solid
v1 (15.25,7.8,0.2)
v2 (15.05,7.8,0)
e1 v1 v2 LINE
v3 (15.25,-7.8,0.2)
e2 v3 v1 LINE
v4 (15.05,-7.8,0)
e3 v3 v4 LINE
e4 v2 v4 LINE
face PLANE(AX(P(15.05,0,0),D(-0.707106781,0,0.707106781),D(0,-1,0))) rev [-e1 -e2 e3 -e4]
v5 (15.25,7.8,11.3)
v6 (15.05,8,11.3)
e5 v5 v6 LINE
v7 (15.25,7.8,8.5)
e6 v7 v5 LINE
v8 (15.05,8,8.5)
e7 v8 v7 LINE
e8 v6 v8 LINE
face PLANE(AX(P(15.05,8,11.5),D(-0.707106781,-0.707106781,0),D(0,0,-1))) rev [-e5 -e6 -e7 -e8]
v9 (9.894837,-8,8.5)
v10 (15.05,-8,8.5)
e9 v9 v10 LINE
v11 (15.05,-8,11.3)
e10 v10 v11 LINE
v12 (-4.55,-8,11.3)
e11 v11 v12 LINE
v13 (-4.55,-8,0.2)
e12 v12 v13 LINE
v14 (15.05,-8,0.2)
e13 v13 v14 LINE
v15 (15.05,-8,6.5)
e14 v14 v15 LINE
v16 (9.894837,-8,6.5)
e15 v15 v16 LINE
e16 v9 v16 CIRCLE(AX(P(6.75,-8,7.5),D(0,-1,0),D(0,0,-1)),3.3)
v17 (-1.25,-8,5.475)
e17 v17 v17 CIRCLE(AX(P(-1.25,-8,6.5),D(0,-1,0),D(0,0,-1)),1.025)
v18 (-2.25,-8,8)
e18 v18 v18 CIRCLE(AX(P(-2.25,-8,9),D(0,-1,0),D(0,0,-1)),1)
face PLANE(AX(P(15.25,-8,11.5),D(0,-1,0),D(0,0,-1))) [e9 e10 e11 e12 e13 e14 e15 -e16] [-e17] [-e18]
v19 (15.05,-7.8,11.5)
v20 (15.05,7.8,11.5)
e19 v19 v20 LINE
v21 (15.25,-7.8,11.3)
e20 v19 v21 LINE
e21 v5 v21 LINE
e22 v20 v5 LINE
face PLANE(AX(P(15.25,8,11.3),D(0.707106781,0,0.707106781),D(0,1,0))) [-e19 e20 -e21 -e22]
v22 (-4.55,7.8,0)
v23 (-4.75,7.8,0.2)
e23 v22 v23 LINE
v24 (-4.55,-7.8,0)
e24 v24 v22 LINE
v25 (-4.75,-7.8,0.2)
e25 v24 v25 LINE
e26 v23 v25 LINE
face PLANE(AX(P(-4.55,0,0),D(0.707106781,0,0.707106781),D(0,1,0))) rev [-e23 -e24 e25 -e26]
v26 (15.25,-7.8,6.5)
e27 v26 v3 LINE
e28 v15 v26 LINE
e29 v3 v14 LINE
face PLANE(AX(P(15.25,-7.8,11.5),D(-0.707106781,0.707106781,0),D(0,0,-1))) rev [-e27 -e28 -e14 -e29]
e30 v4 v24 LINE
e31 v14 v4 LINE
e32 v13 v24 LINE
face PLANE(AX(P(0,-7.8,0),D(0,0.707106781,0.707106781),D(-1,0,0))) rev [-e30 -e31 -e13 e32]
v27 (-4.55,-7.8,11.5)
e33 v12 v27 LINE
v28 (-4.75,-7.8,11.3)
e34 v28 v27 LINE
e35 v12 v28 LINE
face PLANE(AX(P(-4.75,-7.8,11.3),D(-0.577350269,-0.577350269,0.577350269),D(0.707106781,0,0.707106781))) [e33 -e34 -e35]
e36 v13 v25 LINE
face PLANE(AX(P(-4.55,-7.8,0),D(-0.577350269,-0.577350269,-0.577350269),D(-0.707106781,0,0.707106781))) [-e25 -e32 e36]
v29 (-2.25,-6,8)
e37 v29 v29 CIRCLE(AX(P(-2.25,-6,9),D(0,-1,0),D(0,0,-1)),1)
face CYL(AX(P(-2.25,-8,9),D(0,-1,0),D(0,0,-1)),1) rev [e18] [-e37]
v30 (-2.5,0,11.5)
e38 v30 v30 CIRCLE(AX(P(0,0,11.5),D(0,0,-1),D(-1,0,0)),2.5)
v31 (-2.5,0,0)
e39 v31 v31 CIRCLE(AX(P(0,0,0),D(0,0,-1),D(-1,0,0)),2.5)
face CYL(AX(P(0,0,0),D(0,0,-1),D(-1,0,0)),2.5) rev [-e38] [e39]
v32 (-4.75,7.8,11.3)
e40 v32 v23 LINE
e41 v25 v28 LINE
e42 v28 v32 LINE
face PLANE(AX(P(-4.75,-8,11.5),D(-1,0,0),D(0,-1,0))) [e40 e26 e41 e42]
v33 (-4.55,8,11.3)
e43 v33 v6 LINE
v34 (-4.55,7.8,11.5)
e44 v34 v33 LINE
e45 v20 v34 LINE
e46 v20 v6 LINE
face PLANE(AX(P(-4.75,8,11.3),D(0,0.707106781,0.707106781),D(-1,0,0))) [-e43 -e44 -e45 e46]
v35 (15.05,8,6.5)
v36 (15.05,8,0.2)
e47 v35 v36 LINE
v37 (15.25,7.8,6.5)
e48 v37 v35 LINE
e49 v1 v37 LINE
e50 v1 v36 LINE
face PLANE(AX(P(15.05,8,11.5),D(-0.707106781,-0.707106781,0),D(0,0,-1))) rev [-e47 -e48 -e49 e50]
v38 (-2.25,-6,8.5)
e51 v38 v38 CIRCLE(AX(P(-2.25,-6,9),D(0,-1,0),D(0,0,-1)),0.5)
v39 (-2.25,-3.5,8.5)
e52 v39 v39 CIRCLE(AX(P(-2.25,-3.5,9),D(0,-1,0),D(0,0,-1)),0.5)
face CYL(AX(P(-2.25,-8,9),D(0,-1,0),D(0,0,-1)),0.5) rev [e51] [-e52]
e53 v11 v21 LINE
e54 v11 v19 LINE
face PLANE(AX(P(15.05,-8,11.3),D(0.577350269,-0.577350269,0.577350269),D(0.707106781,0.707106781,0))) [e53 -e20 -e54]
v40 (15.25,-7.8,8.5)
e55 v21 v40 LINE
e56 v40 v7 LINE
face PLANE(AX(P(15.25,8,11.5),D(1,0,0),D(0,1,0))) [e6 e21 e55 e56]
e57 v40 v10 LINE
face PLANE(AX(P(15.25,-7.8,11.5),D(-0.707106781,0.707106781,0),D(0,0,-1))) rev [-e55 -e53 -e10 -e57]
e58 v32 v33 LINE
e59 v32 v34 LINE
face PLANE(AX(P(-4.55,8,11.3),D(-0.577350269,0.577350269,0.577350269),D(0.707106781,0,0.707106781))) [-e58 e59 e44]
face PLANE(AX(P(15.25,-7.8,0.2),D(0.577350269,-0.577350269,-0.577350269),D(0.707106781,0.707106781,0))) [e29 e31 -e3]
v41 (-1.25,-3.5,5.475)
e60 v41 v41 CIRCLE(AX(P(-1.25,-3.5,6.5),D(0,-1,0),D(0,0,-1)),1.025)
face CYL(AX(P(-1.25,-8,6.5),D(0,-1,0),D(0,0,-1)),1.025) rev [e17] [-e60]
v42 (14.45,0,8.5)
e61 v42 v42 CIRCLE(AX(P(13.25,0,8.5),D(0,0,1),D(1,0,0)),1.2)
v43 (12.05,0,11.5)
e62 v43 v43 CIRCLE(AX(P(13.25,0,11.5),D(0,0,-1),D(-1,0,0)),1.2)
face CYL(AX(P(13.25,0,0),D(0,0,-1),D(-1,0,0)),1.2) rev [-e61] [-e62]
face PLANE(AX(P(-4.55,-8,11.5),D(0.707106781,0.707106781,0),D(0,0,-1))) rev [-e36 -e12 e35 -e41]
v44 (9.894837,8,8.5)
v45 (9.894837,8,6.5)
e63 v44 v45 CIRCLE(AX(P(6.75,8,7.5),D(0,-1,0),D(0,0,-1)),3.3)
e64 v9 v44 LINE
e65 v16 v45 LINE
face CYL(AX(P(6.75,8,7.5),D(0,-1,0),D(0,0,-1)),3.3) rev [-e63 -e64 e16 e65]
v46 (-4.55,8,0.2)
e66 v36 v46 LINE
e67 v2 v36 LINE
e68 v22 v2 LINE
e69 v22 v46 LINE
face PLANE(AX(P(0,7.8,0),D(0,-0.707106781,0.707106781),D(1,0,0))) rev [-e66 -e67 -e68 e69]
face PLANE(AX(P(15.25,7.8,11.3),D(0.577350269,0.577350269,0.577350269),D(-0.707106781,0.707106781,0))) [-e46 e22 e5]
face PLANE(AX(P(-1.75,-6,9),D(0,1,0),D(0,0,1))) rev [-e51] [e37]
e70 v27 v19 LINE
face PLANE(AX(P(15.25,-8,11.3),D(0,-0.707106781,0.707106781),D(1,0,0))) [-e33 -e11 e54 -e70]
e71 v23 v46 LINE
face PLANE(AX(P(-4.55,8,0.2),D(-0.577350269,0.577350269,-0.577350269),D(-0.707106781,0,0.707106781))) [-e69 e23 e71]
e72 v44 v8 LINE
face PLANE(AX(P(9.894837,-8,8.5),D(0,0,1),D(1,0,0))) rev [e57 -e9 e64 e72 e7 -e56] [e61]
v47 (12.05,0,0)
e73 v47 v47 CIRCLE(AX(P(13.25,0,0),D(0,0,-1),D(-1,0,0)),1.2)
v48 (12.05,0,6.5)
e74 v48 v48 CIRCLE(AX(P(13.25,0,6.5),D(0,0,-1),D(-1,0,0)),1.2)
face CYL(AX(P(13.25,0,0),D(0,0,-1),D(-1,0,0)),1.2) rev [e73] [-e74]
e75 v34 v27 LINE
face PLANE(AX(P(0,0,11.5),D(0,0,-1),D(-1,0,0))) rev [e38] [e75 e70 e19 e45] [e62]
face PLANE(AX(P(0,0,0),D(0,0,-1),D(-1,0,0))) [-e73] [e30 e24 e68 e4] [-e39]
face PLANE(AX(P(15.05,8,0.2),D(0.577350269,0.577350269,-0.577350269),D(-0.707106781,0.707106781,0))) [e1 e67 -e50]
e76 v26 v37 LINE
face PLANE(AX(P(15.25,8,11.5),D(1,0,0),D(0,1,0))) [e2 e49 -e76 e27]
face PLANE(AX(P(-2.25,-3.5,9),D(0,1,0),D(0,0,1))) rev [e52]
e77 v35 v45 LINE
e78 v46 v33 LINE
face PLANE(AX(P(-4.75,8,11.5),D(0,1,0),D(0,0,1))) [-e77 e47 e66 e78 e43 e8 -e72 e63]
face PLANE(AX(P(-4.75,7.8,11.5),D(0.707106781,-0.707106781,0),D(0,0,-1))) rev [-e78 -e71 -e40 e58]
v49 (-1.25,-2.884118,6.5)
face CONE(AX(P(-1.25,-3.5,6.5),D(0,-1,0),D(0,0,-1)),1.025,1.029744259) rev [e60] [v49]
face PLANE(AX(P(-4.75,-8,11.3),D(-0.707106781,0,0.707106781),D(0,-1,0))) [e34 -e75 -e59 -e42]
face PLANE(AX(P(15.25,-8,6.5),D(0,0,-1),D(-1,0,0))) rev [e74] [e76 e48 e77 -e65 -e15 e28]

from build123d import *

# Parameters (mm, degrees)
SKETCH_1_W                    = 20
SKETCH_1_H                    = 16
EXTRUDE_1_DEPTH               = 11.5
CUT_EXTRUDE_1_DEPTH           = 25.916109247
SKETCH_3_W                    = 3.3
SKETCH_3_H                    = 16
HOLE_WIZARD_5_0_5_1_D         = 5
SKETCH_6_W                    = 0.8
SKETCH_6_H                    = 3
HOLE_WIZARD_2_4_2_4_1_D       = 2.4
HOLE_WIZARD_2_4_2_4_1_DEPTH   = 11.5
HOLE_WIZARD_2_05_2_05_1_D     = 2.05
HOLE_WIZARD_2_05_2_05_1_DEPTH = 4.5
HOLE_WIZARD_2_05_2_05_1_TIP   = 0.615882135
M2X0_41_D                     = 1
M2X0_41_DEPTH                 = 4.5
M2X0_41_CBORE_D               = 2
M2X0_41_CBORE_DEPTH           = 2
CHAMFER_1_SIZE                = 0.2


with BuildPart() as part:
    # Эскиз1 → Бобышка-Вытянуть1 (new body)
    with BuildSketch(Plane(origin=(0, 0, 0), x_dir=(-1, 0, 0), z_dir=(0, 0, -1))):
        with Locations((-5.25, 0)):
            Rectangle(SKETCH_1_W, SKETCH_1_H)
    extrude(amount=-EXTRUDE_1_DEPTH)

    # Эскиз2 → Вырез-Вытянуть1 (cut, through all)
    with BuildSketch(Plane(origin=(0, 8, 0), x_dir=(-1, 0, 0), z_dir=(0, 1, 0))):
        with BuildLine():
            Line((-15.25, 8.5), (-15.25, 6.5))
            Line((-15.25, 6.5), (-9.894837039, 6.5))
            ThreePointArc((-9.894837039, 6.5), (-10.05, 7.5), (-9.894837039, 8.5))
            Line((-9.894837039, 8.5), (-15.25, 8.5))
        make_face()
    extrude(amount=-CUT_EXTRUDE_1_DEPTH, mode=Mode.SUBTRACT)

    # Эскиз3 → Вырез-Повернуть1 (revolve, cut)
    with BuildSketch(Plane.XY.offset(7.5)):
        with Locations((8.4, 0)):
            Rectangle(SKETCH_3_W, SKETCH_3_H)
    revolve(axis=Axis((6.75, 8, 7.5), (0, -1, 0)), mode=Mode.SUBTRACT)

    # Диаметр отверстия Ø5.0 (5)1 (through all)
    with Locations(Plane(origin=(0, 0, 0), x_dir=(-1, 0, 0), z_dir=(0, 0, -1))):
        with Locations((0, 0)):
            Hole(HOLE_WIZARD_5_0_5_1_D / 2)

    # Эскиз6 → Диаметр отверстия Ø1.6 (1.6)1 (revolve, cut)
    with BuildSketch(Plane(origin=(13.25, 0, 8.5), x_dir=(0, 1, 0), z_dir=(1, 0, 0))):
        with Locations((0.4, 1.5)):
            Rectangle(SKETCH_6_W, SKETCH_6_H)
    revolve(axis=Axis((13.25, 0, 2.15), (0, 0, 1)), mode=Mode.SUBTRACT)

    # Диаметр отверстия Ø2.4 (2.4)1
    with Locations(Plane(origin=(0, 0, 0), x_dir=(-1, 0, 0), z_dir=(0, 0, -1))):
        with Locations((-13.25, 0)):
            Hole(HOLE_WIZARD_2_4_2_4_1_D / 2, depth=HOLE_WIZARD_2_4_2_4_1_DEPTH)

    # Диаметр отверстия Ø2.05 (2.05)1
    with Locations(Plane(origin=(0, -8, 0), x_dir=(-1, 0, 0), z_dir=(0, -1, 0))):
        with Locations((1.25, -6.5)):
            Hole(HOLE_WIZARD_2_05_2_05_1_D / 2, depth=HOLE_WIZARD_2_05_2_05_1_DEPTH)
            with Locations((0, 0, -(HOLE_WIZARD_2_05_2_05_1_DEPTH + HOLE_WIZARD_2_05_2_05_1_TIP / 2))):  # 118° drill point
                Cone(0, HOLE_WIZARD_2_05_2_05_1_D / 2, HOLE_WIZARD_2_05_2_05_1_TIP, mode=Mode.SUBTRACT)

    # Отверстие обработанное метчиком M2x0.41
    with Locations(Plane(origin=(0, -8, 0), x_dir=(-1, 0, 0), z_dir=(0, -1, 0))):
        with Locations((2.25, -9)):
            CounterBoreHole(M2X0_41_D / 2, M2X0_41_CBORE_D / 2, M2X0_41_CBORE_DEPTH, depth=M2X0_41_DEPTH)

    # Фаска1
    chamfer_1_edges = [part.edges().sort_by_distance(p)[0] for p in [
        (-4.75, 0, 11.5),
        (5.25, 8, 11.5),
        (15.25, -8, 3.25),
        (15.25, 8, 3.25),
        (15.25, 0, 11.5),
        (5.25, 8, 0),
        (-4.75, 0, 0),
        (5.25, -8, 0),
        (15.25, 0, 0),
        (5.25, -8, 11.5),
        (15.25, 8, 10),
        (-4.75, 8, 5.75),
        (-4.75, -8, 5.75),
        (15.25, -8, 10),
    ]]
    chamfer(chamfer_1_edges, length=CHAMFER_1_SIZE)


solid = part.part
